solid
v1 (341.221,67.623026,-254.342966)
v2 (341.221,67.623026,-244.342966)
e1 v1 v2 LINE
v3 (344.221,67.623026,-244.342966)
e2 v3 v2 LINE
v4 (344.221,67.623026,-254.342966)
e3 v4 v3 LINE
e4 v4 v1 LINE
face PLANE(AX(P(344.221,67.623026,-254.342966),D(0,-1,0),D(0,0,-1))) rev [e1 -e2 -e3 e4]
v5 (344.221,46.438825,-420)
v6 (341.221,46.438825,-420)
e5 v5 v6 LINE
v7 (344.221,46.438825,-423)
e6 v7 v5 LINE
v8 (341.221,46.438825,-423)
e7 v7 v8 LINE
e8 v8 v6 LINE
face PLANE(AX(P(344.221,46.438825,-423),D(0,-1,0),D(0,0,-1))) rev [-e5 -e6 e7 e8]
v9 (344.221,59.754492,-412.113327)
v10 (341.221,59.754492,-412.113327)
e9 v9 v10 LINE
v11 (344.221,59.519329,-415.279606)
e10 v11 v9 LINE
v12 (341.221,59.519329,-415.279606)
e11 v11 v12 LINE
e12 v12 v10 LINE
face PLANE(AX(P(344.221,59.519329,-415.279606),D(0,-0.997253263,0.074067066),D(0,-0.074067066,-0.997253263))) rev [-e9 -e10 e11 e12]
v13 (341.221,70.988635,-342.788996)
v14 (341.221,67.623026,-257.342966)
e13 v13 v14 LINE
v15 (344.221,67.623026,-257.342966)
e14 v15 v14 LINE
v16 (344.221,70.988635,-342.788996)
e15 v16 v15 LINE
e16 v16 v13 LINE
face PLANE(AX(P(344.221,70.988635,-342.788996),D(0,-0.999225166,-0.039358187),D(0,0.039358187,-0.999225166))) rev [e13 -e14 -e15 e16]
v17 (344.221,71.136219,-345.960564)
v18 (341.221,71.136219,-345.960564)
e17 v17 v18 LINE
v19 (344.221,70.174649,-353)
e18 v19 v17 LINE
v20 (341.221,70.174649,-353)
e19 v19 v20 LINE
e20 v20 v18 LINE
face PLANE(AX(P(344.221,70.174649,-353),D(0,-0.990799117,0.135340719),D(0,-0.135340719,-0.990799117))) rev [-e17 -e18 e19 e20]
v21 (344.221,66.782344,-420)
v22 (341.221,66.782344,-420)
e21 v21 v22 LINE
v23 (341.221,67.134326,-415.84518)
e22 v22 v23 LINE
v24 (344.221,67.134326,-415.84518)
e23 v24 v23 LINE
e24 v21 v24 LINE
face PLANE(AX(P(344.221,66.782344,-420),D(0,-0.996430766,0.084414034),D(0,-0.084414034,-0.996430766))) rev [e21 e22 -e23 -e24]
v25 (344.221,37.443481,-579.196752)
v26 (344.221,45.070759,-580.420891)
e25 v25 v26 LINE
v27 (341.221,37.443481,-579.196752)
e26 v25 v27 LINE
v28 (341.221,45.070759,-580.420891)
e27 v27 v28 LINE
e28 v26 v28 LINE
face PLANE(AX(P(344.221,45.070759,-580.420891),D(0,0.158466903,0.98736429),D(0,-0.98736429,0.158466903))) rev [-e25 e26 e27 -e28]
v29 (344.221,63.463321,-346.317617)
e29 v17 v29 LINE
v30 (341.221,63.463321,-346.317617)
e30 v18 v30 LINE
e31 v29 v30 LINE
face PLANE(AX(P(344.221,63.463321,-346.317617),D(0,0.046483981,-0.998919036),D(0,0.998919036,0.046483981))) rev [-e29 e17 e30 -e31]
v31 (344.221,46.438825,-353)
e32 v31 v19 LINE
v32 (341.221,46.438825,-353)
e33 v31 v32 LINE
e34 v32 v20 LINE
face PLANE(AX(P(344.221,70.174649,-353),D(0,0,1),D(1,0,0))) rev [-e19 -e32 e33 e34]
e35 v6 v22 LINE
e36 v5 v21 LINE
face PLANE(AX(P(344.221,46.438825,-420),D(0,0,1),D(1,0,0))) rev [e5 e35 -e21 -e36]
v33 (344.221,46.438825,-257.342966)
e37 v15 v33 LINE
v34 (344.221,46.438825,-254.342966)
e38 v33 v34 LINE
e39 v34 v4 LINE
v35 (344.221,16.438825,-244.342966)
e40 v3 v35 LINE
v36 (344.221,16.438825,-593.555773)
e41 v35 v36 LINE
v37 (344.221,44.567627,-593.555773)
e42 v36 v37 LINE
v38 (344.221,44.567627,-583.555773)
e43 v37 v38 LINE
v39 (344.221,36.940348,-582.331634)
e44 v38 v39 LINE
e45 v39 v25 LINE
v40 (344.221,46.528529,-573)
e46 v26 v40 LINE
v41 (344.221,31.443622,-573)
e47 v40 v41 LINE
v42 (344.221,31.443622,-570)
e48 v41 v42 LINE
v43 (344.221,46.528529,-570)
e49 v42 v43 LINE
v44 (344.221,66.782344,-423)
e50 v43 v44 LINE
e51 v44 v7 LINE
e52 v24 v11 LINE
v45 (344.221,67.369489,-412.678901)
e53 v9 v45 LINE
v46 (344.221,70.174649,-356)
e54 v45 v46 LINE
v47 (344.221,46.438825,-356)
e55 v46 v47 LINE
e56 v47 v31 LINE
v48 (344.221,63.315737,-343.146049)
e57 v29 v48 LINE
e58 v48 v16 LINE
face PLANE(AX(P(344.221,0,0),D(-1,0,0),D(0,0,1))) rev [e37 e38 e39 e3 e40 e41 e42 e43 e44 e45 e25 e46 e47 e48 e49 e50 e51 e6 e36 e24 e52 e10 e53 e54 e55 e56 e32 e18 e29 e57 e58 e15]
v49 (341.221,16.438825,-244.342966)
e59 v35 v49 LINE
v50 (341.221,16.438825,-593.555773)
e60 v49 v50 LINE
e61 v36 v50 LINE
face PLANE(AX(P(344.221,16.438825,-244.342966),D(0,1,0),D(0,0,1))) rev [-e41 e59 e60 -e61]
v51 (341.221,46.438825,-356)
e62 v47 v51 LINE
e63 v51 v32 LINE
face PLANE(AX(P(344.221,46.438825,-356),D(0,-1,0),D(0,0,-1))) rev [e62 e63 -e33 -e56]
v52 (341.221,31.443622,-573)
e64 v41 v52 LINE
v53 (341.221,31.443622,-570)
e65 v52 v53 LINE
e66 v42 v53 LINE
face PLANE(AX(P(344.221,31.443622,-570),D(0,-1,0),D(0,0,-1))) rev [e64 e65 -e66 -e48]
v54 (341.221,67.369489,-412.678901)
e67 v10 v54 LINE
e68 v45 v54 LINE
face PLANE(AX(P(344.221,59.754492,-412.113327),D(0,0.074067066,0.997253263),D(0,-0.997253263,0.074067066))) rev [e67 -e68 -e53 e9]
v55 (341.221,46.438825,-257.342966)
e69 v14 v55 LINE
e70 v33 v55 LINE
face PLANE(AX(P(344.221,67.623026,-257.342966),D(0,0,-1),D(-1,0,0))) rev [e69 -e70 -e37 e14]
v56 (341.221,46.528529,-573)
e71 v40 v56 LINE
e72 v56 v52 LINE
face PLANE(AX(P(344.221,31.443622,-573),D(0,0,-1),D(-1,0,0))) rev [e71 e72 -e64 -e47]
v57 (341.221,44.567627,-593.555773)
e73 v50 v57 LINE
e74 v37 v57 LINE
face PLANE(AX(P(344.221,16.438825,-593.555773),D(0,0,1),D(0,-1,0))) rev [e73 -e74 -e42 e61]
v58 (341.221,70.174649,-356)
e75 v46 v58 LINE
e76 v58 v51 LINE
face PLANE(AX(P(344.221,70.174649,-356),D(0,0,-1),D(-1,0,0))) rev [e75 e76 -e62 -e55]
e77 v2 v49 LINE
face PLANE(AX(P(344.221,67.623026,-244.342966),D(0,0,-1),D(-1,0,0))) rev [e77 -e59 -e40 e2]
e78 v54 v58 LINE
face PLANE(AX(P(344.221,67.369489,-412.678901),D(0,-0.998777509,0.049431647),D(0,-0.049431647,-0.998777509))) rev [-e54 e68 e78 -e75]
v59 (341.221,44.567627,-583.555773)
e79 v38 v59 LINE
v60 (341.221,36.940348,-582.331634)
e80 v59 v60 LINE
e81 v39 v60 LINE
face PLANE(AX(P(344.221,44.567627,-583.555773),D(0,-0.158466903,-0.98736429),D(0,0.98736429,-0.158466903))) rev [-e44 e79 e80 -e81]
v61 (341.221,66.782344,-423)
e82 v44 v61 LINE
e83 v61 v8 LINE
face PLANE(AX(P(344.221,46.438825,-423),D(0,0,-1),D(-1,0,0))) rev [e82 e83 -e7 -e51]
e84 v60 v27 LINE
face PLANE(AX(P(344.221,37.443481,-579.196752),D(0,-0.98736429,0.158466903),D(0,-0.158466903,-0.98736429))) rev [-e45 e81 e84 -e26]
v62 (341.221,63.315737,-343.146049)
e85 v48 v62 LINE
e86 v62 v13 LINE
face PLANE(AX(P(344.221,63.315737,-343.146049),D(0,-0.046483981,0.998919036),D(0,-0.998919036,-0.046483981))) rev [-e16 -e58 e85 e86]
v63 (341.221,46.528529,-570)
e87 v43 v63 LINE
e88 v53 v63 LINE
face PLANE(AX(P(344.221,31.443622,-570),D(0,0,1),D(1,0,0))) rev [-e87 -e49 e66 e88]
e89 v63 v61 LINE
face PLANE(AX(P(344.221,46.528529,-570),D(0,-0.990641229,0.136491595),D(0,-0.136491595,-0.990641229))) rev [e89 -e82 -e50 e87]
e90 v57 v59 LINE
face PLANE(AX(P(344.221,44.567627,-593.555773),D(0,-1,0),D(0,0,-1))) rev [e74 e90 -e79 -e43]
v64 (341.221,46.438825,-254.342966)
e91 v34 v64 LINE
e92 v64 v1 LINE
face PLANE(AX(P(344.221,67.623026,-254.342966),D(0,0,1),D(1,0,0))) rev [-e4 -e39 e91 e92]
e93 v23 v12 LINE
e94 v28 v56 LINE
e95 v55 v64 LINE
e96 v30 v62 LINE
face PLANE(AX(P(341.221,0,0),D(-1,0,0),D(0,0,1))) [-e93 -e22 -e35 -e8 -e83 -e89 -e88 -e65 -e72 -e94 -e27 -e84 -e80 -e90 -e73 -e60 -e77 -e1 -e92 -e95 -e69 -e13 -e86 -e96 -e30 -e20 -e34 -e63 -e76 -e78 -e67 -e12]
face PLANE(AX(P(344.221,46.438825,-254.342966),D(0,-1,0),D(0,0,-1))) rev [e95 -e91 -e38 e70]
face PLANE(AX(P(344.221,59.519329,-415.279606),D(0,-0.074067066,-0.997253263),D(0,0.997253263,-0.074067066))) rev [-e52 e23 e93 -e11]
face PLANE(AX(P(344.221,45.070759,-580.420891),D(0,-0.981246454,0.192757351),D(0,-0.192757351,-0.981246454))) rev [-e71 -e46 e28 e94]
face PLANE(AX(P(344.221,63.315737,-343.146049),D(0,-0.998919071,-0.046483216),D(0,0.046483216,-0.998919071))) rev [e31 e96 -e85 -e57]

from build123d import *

# Parameters (mm, degrees)
BOSS_EXTRUDE1_DEPTH = 3


with BuildPart() as part:
    # Sketch1 → Boss-Extrude1 (new body)
    with BuildSketch(Plane(origin=(341.221, 0, 0), x_dir=(0, 0, -1), z_dir=(1, 0, 0))):
        Polygon((254.342966202, 67.62302598), (244.342966202, 67.62302598), (244.342966202, 16.438825445), (593.55577286, 16.438825445), (593.55577286, 44.56762743), (583.55577286, 44.56762743), (582.331633721, 36.94034847), (579.196752101, 37.443480886), (580.420891159, 45.070759341), (573, 46.528529014), (573, 31.443621916), (570, 31.443621916), (570, 46.528529014), (423, 66.782344342), (423, 46.438825445), (420, 46.438825445), (420, 66.782344342), (415.845180188, 67.134325747), (415.279606268, 59.519329428), (412.113327159, 59.754492363), (412.678901077, 67.369488645), (356, 70.174649371), (356, 46.438825445), (353, 46.438825445), (353, 70.174649371), (345.960564098, 71.136218976), (346.317616904, 63.463320973), (343.146048851, 63.315736763), (342.788996052, 70.988634614), (257.342966202, 67.62302598), (257.342966202, 46.438825445), (254.342966202, 46.438825445), align=None)
    extrude(amount=BOSS_EXTRUDE1_DEPTH)


solid = part.part
